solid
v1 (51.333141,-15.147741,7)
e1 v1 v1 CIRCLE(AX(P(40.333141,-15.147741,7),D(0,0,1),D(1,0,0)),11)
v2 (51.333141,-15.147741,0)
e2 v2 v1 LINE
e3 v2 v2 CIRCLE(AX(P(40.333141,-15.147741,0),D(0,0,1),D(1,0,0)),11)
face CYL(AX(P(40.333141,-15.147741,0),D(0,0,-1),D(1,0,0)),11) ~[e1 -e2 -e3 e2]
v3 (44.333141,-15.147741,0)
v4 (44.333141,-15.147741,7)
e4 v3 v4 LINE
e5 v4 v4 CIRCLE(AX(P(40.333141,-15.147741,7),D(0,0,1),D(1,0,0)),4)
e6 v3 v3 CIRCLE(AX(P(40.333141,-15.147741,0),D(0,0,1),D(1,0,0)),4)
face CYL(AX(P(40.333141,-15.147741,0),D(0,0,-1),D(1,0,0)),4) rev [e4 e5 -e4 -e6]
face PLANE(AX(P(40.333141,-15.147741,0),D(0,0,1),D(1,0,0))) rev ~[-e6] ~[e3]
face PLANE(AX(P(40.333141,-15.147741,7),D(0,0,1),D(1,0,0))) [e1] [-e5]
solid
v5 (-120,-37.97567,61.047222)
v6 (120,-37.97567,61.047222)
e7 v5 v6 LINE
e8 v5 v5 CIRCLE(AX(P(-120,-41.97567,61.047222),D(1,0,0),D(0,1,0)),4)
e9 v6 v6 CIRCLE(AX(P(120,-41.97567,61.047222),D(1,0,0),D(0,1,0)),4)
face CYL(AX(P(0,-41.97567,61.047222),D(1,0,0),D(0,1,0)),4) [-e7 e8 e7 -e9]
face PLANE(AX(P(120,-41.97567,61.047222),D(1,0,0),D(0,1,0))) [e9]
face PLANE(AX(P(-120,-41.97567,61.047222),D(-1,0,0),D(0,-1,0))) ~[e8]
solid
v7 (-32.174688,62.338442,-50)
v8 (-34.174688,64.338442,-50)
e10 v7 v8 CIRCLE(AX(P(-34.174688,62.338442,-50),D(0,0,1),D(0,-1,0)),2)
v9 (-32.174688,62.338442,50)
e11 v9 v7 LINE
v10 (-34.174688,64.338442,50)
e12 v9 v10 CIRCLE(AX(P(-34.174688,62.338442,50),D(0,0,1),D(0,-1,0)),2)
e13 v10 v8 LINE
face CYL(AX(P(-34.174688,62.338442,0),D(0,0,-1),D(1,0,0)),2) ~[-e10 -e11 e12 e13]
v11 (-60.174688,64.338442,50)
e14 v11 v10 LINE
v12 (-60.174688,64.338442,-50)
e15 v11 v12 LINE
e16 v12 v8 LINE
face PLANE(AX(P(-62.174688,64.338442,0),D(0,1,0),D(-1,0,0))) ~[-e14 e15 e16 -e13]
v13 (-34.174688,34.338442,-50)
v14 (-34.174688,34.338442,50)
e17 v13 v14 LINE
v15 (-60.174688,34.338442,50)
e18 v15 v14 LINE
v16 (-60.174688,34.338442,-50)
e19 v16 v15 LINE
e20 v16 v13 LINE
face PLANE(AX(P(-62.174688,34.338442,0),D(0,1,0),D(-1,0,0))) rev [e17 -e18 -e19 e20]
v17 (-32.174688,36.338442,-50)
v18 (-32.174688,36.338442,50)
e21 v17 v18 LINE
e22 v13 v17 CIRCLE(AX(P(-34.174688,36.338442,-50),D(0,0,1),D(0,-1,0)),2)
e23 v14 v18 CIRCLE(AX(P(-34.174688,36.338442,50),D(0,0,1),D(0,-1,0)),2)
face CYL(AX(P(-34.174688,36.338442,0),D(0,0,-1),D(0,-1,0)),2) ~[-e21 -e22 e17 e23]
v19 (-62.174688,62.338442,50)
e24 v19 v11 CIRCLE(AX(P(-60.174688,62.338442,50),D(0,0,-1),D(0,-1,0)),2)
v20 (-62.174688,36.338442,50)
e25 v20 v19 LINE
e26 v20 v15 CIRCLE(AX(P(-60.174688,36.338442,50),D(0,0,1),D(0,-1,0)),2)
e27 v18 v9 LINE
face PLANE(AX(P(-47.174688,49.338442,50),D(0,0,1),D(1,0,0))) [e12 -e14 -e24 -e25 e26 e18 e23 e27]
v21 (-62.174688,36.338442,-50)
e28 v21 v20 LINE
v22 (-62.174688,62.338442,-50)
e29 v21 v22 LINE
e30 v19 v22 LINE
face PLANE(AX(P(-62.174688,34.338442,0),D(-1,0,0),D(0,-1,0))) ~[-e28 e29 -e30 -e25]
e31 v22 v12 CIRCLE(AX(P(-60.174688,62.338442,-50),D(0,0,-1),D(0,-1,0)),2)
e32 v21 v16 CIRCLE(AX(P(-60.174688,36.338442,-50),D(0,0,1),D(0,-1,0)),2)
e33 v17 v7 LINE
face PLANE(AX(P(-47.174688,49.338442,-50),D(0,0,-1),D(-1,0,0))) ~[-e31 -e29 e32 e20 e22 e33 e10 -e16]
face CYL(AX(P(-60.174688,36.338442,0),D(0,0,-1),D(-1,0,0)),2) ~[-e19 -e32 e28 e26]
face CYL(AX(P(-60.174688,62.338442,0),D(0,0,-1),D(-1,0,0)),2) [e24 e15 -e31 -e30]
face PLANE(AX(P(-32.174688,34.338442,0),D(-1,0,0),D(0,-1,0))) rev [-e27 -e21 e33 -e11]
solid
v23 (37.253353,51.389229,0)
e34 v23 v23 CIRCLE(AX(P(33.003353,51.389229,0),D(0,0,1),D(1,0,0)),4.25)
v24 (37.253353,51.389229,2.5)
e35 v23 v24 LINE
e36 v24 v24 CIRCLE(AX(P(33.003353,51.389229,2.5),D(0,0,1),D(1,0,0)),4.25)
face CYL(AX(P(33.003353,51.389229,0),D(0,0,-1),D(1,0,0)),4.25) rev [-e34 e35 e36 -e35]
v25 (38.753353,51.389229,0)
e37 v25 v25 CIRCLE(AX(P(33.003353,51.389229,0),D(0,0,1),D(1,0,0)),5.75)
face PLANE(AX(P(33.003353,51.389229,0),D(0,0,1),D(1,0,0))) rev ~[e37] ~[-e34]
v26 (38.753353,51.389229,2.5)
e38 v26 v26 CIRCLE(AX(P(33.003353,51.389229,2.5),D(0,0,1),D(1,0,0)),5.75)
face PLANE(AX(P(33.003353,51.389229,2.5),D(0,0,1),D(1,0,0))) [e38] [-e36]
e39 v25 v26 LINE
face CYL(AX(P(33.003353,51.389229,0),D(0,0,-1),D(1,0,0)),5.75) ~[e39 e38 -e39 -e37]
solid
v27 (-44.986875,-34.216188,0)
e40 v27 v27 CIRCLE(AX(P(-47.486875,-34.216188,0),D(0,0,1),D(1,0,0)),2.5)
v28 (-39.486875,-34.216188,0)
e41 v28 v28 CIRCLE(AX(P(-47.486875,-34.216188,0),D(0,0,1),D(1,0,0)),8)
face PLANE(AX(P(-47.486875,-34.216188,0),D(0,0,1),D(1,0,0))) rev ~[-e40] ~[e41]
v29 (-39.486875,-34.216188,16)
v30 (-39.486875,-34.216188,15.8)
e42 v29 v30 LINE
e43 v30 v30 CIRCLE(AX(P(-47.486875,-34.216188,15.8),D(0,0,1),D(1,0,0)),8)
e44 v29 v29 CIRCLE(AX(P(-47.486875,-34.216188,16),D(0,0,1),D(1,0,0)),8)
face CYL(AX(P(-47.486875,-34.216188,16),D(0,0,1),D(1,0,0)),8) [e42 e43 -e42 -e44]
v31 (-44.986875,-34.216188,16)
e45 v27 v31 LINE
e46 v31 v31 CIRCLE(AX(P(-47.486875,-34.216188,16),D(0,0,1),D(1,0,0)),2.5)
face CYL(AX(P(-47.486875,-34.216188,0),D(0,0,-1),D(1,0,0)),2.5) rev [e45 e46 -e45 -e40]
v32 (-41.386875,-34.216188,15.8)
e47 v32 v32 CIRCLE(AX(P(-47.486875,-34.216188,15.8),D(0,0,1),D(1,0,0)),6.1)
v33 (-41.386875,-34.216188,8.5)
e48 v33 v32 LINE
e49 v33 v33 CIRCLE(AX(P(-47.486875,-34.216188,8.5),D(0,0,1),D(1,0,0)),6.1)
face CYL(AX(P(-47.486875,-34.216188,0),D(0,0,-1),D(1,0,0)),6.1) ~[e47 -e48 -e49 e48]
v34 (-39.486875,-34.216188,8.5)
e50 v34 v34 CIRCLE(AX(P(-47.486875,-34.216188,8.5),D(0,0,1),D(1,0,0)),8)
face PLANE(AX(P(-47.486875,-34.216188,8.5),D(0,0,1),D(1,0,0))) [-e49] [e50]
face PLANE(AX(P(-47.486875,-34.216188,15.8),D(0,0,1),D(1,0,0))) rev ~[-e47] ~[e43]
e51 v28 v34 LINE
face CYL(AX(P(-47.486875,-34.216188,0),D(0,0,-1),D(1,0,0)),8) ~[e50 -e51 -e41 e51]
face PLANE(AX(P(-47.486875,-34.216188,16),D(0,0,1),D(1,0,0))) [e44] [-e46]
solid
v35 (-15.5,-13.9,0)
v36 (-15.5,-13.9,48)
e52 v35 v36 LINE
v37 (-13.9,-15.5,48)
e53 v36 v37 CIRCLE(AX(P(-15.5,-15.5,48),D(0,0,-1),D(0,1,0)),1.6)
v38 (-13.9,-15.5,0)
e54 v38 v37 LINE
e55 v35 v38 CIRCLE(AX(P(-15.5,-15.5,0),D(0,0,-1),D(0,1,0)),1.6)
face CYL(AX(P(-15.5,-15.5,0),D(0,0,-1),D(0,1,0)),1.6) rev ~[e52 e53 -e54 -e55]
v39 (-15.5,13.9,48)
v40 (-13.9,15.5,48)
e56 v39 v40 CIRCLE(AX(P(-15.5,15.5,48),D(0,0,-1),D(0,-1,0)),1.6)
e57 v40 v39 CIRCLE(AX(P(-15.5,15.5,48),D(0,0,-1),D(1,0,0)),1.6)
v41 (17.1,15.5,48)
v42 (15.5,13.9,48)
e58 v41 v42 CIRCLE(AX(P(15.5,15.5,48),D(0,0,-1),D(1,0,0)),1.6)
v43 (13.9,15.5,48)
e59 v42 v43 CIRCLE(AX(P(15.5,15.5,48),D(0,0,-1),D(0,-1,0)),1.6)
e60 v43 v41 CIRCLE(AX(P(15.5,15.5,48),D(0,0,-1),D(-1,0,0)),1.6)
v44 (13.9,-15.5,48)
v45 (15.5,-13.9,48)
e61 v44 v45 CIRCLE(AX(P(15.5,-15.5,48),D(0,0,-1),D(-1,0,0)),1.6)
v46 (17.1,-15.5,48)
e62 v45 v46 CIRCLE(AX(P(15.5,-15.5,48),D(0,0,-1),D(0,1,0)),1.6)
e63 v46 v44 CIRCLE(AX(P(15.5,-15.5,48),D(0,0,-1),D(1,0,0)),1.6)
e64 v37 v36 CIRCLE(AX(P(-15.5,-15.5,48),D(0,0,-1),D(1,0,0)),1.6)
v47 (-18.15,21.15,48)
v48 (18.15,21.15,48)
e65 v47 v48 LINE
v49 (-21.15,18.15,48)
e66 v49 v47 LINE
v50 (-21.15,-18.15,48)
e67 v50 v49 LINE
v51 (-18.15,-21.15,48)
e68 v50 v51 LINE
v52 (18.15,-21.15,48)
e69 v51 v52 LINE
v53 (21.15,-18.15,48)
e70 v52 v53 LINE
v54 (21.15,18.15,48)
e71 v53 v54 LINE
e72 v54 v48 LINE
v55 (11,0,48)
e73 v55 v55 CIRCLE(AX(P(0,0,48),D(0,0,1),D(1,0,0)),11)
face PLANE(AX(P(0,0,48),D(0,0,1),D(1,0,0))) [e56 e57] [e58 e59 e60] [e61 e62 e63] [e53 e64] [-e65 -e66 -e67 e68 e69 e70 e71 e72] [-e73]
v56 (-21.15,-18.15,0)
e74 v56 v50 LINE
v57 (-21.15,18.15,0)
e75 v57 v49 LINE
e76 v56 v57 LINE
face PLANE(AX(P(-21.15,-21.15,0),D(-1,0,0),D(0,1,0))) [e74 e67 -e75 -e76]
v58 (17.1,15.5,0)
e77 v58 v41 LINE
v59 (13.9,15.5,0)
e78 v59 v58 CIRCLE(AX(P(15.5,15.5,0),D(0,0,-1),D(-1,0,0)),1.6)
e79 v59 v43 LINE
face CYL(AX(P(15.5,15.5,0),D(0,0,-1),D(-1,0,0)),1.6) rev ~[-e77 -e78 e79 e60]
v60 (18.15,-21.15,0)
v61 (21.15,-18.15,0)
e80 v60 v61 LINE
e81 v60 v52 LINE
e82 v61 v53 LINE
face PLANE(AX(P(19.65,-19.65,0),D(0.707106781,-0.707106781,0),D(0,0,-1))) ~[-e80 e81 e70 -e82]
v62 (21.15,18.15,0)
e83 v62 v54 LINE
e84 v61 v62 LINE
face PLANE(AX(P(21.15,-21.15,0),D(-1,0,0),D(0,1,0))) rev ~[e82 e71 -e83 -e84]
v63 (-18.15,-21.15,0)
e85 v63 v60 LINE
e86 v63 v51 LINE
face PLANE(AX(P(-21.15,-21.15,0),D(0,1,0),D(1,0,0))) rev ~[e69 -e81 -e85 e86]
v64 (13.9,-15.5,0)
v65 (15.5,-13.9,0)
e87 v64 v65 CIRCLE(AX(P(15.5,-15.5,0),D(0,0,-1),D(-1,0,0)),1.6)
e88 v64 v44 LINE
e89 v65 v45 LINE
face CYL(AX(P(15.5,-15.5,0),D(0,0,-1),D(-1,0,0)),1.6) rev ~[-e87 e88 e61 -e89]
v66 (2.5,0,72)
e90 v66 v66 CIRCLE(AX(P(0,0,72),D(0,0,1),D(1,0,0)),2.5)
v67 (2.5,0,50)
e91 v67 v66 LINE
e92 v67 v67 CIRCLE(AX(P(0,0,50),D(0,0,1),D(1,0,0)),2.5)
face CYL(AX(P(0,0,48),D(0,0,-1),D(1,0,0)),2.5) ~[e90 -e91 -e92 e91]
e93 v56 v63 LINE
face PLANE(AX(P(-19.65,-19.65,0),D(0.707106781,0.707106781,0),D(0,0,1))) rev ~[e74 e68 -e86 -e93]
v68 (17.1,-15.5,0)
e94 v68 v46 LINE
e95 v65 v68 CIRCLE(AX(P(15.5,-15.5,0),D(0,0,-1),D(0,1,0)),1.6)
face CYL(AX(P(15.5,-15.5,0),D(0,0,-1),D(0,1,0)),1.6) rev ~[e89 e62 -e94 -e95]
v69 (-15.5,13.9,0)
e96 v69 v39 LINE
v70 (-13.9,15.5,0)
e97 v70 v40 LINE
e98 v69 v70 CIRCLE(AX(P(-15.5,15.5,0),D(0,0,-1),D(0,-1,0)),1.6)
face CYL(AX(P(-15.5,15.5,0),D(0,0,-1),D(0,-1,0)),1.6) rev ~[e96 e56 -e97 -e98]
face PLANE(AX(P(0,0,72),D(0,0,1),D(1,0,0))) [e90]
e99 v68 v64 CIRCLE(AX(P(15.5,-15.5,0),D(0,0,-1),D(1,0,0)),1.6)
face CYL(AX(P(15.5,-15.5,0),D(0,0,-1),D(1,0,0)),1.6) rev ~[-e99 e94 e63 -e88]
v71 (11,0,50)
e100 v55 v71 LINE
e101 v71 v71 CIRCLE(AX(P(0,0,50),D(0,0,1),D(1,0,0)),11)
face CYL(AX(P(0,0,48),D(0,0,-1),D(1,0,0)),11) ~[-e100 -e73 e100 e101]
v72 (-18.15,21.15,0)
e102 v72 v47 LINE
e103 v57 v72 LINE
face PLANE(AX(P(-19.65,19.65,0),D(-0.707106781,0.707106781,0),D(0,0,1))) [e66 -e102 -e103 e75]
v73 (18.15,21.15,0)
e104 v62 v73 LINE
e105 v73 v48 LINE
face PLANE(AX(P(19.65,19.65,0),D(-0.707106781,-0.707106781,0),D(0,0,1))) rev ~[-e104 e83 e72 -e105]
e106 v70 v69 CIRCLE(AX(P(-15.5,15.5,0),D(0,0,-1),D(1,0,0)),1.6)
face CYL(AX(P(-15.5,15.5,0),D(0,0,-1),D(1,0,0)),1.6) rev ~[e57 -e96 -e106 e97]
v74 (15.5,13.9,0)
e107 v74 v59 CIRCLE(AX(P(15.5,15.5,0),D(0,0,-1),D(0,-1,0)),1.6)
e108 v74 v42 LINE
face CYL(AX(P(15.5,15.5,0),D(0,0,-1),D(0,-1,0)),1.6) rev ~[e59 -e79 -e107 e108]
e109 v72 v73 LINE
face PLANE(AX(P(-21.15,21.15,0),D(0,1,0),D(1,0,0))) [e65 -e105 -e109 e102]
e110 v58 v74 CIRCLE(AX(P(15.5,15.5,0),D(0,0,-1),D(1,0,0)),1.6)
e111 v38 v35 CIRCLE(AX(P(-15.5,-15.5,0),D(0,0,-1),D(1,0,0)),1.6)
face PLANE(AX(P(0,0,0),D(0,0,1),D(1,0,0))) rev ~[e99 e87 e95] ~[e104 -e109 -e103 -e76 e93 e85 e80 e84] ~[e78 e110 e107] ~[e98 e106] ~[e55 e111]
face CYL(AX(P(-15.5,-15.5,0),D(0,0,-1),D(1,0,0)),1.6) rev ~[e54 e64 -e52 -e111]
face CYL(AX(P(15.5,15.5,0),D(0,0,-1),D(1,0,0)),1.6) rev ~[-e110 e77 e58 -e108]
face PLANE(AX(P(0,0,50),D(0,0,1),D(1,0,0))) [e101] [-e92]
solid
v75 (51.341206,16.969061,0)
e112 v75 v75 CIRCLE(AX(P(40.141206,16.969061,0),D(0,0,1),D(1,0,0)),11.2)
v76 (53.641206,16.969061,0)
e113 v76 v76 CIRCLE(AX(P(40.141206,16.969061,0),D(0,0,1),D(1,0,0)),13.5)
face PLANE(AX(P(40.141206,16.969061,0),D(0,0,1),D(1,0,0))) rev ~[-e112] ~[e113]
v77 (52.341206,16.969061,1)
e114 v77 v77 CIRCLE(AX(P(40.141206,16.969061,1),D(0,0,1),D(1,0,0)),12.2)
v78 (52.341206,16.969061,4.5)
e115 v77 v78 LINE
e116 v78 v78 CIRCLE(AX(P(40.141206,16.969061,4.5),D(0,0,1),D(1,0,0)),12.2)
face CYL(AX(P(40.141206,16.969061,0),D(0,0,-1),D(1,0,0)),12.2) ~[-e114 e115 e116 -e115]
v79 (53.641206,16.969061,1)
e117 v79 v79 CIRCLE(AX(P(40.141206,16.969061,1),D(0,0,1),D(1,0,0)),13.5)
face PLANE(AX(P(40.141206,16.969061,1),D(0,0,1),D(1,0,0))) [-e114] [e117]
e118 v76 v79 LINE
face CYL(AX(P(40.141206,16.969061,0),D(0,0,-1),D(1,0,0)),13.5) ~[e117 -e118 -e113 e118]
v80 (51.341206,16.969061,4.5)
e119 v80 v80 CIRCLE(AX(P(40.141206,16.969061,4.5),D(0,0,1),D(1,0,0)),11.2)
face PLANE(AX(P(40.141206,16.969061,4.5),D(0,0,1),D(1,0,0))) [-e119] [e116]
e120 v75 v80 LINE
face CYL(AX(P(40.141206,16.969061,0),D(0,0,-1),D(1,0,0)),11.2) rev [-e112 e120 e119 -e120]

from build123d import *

# Parameters (mm, degrees)
F0_W      = 42.3
F0_H      = 42.3
F1_DEPTH  = 48
F2_SIZE   = 3
F3_R      = 11
F3_R_2    = 2.5
F4_DEPTH  = 2
F5_DEPTH  = 24
F6_R      = 6.1
F6_R_2    = 2.5
F7_DEPTH  = 16
F6_R_3    = 8
F8_DEPTH  = 8.5
F9_R      = 8
F9_R_2    = 6.1
F10_DEPTH = 0.2
F11_R     = 13.5
F11_R_2   = 12.2
F12_DEPTH = 1
F11_R_3   = 11.2
F13_DEPTH = 4.5
F14_R     = 11
F14_R_2   = 4
F15_DEPTH = 7
F16_R     = 5.75
F16_R_2   = 4.25
F17_DEPTH = 2.5
F18_R     = 4
F19_DEPTH = 120
F21_W     = 30
F21_H     = 30
F22_DEPTH = 50
F23_R     = 2


with BuildPart() as f1:
    # F0 (on Top) → F1 (new body)
    with BuildSketch(Plane.XY):
        Rectangle(F0_W, F0_H)
        with BuildLine():
            ThreePointArc((-15.5, 13.9), (-16.6313708499, 16.6313708499), (-13.9, 15.5))
            Line((-13.9, 15.5), (13.9, 15.5))
            ThreePointArc((13.9, 15.5), (15.5, 17.1), (17.1, 15.5))
            ThreePointArc((17.1, 15.5), (16.6313708499, 14.3686291501), (15.5, 13.9))
            Line((15.5, 13.9), (15.5, -13.9))
            ThreePointArc((15.5, -13.9), (16.6313708499, -14.3686291501), (17.1, -15.5))
            ThreePointArc((17.1, -15.5), (15.5, -17.1), (13.9, -15.5))
            Line((13.9, -15.5), (-13.9, -15.5))
            ThreePointArc((-13.9, -15.5), (-16.6313708499, -16.6313708499), (-15.5, -13.9))
            Line((-15.5, -13.9), (-15.5, 13.9))
        make_face(mode=Mode.SUBTRACT)
        with BuildLine():
            Line((13.9, 15.5), (-13.9, 15.5))
            ThreePointArc((-13.9, 15.5), (-14.3686291501, 14.3686291501), (-15.5, 13.9))
            Line((-15.5, 13.9), (-15.5, -13.9))
            ThreePointArc((-15.5, -13.9), (-14.3686291501, -14.3686291501), (-13.9, -15.5))
            Line((-13.9, -15.5), (13.9, -15.5))
            ThreePointArc((13.9, -15.5), (14.3686291501, -14.3686291501), (15.5, -13.9))
            Line((15.5, -13.9), (15.5, 13.9))
            ThreePointArc((15.5, 13.9), (14.3686291501, 14.3686291501), (13.9, 15.5))
        make_face()
    extrude(amount=F1_DEPTH)

    # F2
    f2_edges = [f1.edges().sort_by_distance(p)[0] for p in [
        (-21.15, 21.15, 24),
        (-21.15, -21.15, 24),
        (21.15, 21.15, 24),
        (21.15, -21.15, 24),
    ]]
    chamfer(f2_edges, length=F2_SIZE)

    # F3 (on face) → F4 (join)
    with BuildSketch(Plane.XY.offset(48)):
        Circle(F3_R)
        Circle(F3_R_2, mode=Mode.SUBTRACT)
    extrude(amount=F4_DEPTH)

    # F5 (add): a face of the model
    f5_faces = [f1.faces().sort_by_distance(p)[0] for p in [
        (0, 0, 48),
    ]]
    extrude(f5_faces, amount=F5_DEPTH)


with BuildPart() as f7:
    # F6 (on Top) → F7 (new body)
    with BuildSketch(Plane.XY):
        with Locations((-47.4868752062, -34.2161878943)):
            Circle(F6_R)
        with Locations((-47.4868752062, -34.2161878943)):
            Circle(F6_R_2, mode=Mode.SUBTRACT)
    extrude(amount=F7_DEPTH)

    # F6 (on Top) → F8 (join)
    with BuildSketch(Plane.XY):
        with Locations((-47.4868752062, -34.2161878943)):
            Circle(F6_R_3)
        with Locations((-47.4868752062, -34.2161878943)):
            Circle(F6_R, mode=Mode.SUBTRACT)
    extrude(amount=F8_DEPTH)

    # F9 (on face) → F10 (join)
    with BuildSketch(Plane.XY.offset(16)):
        with Locations((-47.4868752062, -34.2161878943)):
            Circle(F9_R)
        with Locations((-47.4868752062, -34.2161878943)):
            Circle(F9_R_2, mode=Mode.SUBTRACT)
    extrude(amount=-F10_DEPTH)


with BuildPart() as f12:
    # F11 (on Top) → F12 (new body)
    with BuildSketch(Plane.XY):
        with Locations((40.1412062347, 16.9690605253)):
            Circle(F11_R)
        with Locations((40.1412062347, 16.9690605253)):
            Circle(F11_R_2, mode=Mode.SUBTRACT)
    extrude(amount=F12_DEPTH)

    # F11 (on Top) → F13 (join)
    with BuildSketch(Plane.XY):
        with Locations((40.1412062347, 16.9690605253)):
            Circle(F11_R_2)
        with Locations((40.1412062347, 16.9690605253)):
            Circle(F11_R_3, mode=Mode.SUBTRACT)
    extrude(amount=F13_DEPTH)


with BuildPart() as f15:
    # F14 (on Top) → F15 (new body)
    with BuildSketch(Plane.XY):
        with Locations((40.3331406415, -15.1477409527)):
            Circle(F14_R)
        with Locations((40.3331406415, -15.1477409527)):
            Circle(F14_R_2, mode=Mode.SUBTRACT)
    extrude(amount=F15_DEPTH)


with BuildPart() as f17:
    # F16 (on Top) → F17 (new body)
    with BuildSketch(Plane.XY):
        with Locations((33.0033525825, 51.3892285526)):
            Circle(F16_R)
        with Locations((33.0033525825, 51.3892285526)):
            Circle(F16_R_2, mode=Mode.SUBTRACT)
    extrude(amount=F17_DEPTH)


with BuildPart() as f19:
    # F18 (on Right) → F19 (new body)
    with BuildSketch(Plane.YZ):
        with Locations((-41.9756695628, 61.0472224653)):
            Circle(F18_R)
    extrude(amount=F19_DEPTH)

    # F20: F19 across plane


with BuildPart() as f19_1:
    add(f19.part)
    add(f19.part.mirror(Plane.YZ))


with BuildPart() as f22:
    # F21 (on Top) → F22 (new body)
    with BuildSketch(Plane.XY):
        with Locations((-47.1746884286, 49.33844237)):
            Rectangle(F21_W, F21_H)
    extrude(amount=F22_DEPTH)

    # F23
    f23_edges = [f22.edges().sort_by_distance(p)[0] for p in [
        (-62.174688, 64.338442, 25),
        (-62.174688, 34.338442, 25),
        (-32.174688, 64.338442, 25),
        (-32.174688, 34.338442, 25),
    ]]
    fillet(f23_edges, radius=F23_R)

    # F24: F22 across plane


with BuildPart() as f22_1:
    add(f22.part)
    add(f22.part.mirror(Plane.XY))


solid = Compound([f1.part, f7.part, f12.part, f15.part, f17.part, f19_1.part, f22_1.part])
